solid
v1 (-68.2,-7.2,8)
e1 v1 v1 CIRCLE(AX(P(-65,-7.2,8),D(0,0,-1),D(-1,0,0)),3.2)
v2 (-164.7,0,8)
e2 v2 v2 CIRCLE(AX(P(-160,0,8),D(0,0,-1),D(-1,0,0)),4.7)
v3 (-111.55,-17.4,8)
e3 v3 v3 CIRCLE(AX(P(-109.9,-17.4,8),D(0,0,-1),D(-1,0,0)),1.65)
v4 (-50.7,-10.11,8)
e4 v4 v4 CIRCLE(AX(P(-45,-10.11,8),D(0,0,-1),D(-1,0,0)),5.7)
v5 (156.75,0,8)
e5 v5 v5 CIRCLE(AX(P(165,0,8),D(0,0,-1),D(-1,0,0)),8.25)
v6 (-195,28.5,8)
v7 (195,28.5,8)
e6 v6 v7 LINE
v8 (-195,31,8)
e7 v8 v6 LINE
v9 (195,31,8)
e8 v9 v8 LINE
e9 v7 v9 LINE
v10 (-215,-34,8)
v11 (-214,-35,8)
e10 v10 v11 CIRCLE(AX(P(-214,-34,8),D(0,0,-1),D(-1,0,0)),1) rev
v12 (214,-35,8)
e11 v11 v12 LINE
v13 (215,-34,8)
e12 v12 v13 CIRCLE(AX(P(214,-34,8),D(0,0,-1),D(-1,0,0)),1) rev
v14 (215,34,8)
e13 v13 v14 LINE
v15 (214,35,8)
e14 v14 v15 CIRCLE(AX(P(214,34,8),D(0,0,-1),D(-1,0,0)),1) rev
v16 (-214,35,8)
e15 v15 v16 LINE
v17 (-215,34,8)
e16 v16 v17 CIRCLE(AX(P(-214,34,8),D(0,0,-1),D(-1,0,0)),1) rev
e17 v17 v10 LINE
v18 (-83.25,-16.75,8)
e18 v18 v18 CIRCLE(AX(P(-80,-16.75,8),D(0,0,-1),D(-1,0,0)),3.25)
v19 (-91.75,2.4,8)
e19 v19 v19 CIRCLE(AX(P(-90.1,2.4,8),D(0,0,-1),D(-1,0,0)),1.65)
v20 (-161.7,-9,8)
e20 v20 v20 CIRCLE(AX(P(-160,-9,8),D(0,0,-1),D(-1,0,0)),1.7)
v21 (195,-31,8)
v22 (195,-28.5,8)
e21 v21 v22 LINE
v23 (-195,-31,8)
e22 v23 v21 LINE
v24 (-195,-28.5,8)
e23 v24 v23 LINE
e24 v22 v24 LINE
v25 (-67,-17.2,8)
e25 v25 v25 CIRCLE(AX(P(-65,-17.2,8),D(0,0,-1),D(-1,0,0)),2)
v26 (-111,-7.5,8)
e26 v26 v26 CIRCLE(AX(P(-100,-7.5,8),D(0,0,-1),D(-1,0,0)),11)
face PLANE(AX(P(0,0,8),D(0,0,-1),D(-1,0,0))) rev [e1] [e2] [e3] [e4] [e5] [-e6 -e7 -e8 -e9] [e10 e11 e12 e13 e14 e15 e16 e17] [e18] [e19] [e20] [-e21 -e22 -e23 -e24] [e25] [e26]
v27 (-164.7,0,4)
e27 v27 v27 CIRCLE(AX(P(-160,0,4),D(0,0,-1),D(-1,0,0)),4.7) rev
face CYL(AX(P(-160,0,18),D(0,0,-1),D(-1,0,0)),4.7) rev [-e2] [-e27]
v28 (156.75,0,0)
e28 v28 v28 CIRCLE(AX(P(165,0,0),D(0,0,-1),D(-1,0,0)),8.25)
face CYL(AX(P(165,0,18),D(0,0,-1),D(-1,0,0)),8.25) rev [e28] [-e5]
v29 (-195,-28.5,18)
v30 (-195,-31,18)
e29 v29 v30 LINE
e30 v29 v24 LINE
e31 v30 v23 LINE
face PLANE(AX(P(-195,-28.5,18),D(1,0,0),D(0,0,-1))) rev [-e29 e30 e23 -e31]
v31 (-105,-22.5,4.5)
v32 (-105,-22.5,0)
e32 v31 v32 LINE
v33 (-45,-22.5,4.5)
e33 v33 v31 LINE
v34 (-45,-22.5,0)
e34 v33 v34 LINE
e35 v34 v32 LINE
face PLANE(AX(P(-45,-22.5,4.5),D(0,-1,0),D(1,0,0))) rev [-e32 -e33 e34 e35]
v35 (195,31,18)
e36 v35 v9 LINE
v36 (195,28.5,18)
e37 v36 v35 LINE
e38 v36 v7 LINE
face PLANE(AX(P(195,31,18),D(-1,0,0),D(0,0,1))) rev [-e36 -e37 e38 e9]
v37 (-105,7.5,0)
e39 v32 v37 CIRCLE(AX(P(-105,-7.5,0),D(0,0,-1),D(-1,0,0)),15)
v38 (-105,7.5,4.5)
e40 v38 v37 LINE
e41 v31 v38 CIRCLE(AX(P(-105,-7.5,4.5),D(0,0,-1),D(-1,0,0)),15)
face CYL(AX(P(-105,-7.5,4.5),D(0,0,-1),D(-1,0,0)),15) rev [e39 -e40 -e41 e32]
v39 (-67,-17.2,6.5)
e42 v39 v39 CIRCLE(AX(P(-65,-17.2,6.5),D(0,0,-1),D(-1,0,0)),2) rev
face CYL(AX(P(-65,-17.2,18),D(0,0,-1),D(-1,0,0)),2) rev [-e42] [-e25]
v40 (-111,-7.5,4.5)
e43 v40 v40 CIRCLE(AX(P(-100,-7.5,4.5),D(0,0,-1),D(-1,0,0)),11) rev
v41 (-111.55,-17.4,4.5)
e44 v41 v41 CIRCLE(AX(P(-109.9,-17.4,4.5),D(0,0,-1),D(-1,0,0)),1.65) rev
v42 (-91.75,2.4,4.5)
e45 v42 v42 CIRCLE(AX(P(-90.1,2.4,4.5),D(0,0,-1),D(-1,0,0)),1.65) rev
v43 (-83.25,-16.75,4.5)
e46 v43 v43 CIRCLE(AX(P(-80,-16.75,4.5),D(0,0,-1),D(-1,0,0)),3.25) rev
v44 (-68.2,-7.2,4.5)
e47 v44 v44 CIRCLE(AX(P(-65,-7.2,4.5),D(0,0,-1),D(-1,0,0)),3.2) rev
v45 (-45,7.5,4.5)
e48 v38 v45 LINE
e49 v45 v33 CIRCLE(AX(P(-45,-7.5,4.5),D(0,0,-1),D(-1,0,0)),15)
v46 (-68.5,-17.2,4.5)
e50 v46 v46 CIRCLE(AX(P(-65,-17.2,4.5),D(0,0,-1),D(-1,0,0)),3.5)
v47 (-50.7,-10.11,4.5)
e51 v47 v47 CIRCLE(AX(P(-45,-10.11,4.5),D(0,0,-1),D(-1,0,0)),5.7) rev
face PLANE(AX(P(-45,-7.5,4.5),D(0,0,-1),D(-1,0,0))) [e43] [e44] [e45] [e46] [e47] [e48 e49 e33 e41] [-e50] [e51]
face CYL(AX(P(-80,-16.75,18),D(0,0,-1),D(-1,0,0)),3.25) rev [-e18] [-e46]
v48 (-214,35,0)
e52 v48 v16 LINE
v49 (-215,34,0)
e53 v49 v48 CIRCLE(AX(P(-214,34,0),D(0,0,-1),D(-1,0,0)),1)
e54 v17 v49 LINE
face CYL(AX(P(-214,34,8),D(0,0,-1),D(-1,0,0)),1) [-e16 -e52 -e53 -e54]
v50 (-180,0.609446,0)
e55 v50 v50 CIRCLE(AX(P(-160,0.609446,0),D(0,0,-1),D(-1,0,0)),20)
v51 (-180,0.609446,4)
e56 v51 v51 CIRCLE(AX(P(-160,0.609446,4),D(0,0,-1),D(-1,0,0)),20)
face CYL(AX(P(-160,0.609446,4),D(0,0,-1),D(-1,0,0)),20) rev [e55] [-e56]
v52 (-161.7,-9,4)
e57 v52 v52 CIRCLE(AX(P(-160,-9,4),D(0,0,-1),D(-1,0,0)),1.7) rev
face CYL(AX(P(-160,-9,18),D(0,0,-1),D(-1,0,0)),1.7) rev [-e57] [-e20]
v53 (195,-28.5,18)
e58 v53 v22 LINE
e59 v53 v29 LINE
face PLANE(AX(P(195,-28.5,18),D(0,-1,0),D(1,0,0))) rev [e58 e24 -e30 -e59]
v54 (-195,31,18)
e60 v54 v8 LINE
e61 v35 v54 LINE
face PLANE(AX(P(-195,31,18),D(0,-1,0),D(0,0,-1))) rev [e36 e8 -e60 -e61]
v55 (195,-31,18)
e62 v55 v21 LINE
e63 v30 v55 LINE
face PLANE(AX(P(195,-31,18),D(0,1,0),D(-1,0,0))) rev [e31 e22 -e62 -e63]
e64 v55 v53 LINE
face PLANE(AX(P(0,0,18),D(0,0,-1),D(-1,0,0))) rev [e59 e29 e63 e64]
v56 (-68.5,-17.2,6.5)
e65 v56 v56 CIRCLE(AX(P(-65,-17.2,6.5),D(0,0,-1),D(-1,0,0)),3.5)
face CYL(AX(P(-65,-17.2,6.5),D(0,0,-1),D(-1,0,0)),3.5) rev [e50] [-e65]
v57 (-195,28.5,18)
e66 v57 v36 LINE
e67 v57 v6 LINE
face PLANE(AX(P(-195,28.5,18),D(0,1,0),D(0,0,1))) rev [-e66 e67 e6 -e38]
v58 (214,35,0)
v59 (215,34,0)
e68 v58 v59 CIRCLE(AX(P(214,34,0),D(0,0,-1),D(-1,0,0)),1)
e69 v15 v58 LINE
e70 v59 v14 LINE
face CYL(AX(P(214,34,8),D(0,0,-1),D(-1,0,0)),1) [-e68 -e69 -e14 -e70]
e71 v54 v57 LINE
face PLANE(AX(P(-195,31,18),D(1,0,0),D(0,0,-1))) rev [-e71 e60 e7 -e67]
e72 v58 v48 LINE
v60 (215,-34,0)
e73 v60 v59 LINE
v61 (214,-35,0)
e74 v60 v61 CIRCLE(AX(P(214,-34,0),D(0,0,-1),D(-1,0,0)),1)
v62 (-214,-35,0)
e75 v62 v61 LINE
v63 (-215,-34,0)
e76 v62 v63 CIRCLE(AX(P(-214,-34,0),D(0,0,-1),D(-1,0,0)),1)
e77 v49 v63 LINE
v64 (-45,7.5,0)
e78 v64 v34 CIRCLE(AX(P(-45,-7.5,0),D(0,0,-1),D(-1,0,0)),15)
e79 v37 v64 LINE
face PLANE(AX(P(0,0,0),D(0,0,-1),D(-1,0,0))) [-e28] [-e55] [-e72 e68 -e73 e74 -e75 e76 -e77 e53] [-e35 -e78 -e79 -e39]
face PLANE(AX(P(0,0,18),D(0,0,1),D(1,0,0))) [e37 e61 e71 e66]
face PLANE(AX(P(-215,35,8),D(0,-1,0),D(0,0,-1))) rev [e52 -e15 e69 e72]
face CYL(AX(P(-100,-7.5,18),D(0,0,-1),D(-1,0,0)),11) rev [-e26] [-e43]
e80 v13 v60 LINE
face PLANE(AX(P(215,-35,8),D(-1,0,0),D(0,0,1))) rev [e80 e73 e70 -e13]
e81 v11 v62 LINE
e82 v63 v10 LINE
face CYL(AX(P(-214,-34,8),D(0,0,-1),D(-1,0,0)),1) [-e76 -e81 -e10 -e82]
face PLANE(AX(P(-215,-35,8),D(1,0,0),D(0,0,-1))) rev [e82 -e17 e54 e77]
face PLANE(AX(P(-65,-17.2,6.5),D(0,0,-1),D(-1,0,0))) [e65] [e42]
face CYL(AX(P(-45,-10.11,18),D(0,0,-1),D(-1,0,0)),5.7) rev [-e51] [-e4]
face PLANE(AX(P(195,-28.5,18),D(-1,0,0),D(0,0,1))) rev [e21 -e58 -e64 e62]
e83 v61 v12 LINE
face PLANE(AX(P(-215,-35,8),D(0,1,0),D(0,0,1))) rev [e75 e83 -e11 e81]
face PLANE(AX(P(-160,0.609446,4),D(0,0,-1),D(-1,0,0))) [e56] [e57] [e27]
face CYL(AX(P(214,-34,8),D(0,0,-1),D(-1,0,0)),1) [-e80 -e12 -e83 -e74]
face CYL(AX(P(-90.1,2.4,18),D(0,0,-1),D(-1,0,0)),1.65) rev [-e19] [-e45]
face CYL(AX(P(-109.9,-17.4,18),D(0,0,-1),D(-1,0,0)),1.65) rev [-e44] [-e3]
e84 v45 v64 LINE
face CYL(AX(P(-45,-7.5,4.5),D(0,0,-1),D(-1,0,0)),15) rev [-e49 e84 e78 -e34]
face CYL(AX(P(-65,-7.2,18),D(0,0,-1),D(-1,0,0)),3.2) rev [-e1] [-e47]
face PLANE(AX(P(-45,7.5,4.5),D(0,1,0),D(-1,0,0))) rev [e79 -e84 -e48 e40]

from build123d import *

# Parameters (mm, degrees)
SKETCH_1_W          = 430
SKETCH_1_H          = 70
EXTRUDE_1_DEPTH     = 8
FILLET_1_R          = 1
SKETCH_2_W          = 390
SKETCH_2_H          = 2.5
EXTRUDE_2_DEPTH     = 10
SKETCH_3_R          = 1.65
SKETCH_3_R_2        = 3.25
SKETCH_3_R_3        = 5.7
SKETCH_3_R_4        = 4.7
SKETCH_3_R_5        = 1.7
SKETCH_3_R_6        = 2
SKETCH_3_R_7        = 3.2
CUT_EXTRUDE_1_DEPTH = 19
CUT_EXTRUDE_2_DEPTH = 4.5
SKETCH_5_R          = 3.5
CUT_EXTRUDE_3_DEPTH = 2
SKETCH_6_R          = 8.25
CUT_EXTRUDE_4_DEPTH = 19
SKETCH_7_R          = 20
CUT_EXTRUDE_5_DEPTH = 4


with BuildPart() as part:
    # 草圖1 → 填料-伸長1 (new body)
    with BuildSketch(Plane.XY):
        Rectangle(SKETCH_1_W, SKETCH_1_H)
    extrude(amount=EXTRUDE_1_DEPTH)

    # 圓角1
    fillet_1_edges = [part.edges().sort_by_distance(p)[0] for p in [
        (215, -35, 4),
        (-215, -35, 4),
        (-215, 35, 4),
        (215, 35, 4),
    ]]
    fillet(fillet_1_edges, radius=FILLET_1_R)

    # 草圖2 → 填料-伸長2 (add)
    with BuildSketch(Plane.XY.offset(8)):
        with Locations((0, 29.75)):
            Rectangle(SKETCH_2_W, SKETCH_2_H)
        with Locations((0, -29.75)):
            Rectangle(SKETCH_2_W, SKETCH_2_H)
    extrude(amount=EXTRUDE_2_DEPTH)

    # 草圖3 → 除料-伸長1 (cut, through all)
    with BuildSketch(Plane(origin=(0, 0, 0), x_dir=(-1, 0, 0), z_dir=(0, 0, -1))):
        with Locations((90.1, 2.4)):
            Circle(SKETCH_3_R)
        with BuildLine():
            ThreePointArc((111, -7.5), (110.23508972, -3.469747103), (108.04673847, 0))
            Line((108.04673847, 0), (91.95326153, 0))
            ThreePointArc((91.95326153, 0), (95.969747103, -17.73508972), (111, -7.5))
        make_face()
        with BuildLine():
            Line((91.95326153, 0), (108.04673847, 0))
            ThreePointArc((108.04673847, 0), (100, 3.5), (91.95326153, 0))
        make_face()
        with Locations((109.9, -17.4)):
            Circle(SKETCH_3_R)
        with Locations((80, -16.75)):
            Circle(SKETCH_3_R_2)
        with Locations((45, -10.11)):
            Circle(SKETCH_3_R_3)
        with Locations((160, 0)):
            Circle(SKETCH_3_R_4)
        with Locations((160, -9)):
            Circle(SKETCH_3_R_5)
        with BuildLine():
            ThreePointArc((155.3, 0), (160, -4.7), (164.7, 0))
            Line((164.7, 0), (155.3, 0))
        make_face()
        with BuildLine():
            Line((155.3, 0), (164.7, 0))
            ThreePointArc((164.7, 0), (160, 4.7), (155.3, 0))
        make_face()
        with Locations((65, -17.2)):
            Circle(SKETCH_3_R_6)
        with Locations((65, -7.2)):
            Circle(SKETCH_3_R_7)
    extrude(amount=-CUT_EXTRUDE_1_DEPTH, mode=Mode.SUBTRACT)

    # 草圖4 → 除料-伸長2 (cut)
    with BuildSketch(Plane(origin=(0, 0, 0), x_dir=(-1, 0, 0), z_dir=(0, 0, -1))):
        with BuildLine():
            Line((45, 7.5), (105, 7.5))
            ThreePointArc((105, 7.5), (120, -7.5), (105, -22.5))
            Line((105, -22.5), (45, -22.5))
            ThreePointArc((45, -22.5), (30, -7.5), (45, 7.5))
        make_face()
    extrude(amount=-CUT_EXTRUDE_2_DEPTH, mode=Mode.SUBTRACT)

    # 草圖5 → 除料-伸長3 (cut)
    with BuildSketch(Plane(origin=(0, 0, 4.5), x_dir=(-1, 0, 0), z_dir=(0, 0, -1))):
        with Locations((65, -17.2)):
            Circle(SKETCH_5_R)
    extrude(amount=-CUT_EXTRUDE_3_DEPTH, mode=Mode.SUBTRACT)

    # 草圖6 → 除料-伸長4 (cut, through all)
    with BuildSketch(Plane(origin=(0, 0, 0), x_dir=(-1, 0, 0), z_dir=(0, 0, -1))):
        with Locations((-165, 0)):
            Circle(SKETCH_6_R)
    extrude(amount=-CUT_EXTRUDE_4_DEPTH, mode=Mode.SUBTRACT)

    # 草圖7 → 除料-伸長5 (cut)
    with BuildSketch(Plane(origin=(0, 0, 0), x_dir=(-1, 0, 0), z_dir=(0, 0, -1))):
        with Locations((160, 0.609446204)):
            Circle(SKETCH_7_R)
    extrude(amount=-CUT_EXTRUDE_5_DEPTH, mode=Mode.SUBTRACT)


solid = part.part
